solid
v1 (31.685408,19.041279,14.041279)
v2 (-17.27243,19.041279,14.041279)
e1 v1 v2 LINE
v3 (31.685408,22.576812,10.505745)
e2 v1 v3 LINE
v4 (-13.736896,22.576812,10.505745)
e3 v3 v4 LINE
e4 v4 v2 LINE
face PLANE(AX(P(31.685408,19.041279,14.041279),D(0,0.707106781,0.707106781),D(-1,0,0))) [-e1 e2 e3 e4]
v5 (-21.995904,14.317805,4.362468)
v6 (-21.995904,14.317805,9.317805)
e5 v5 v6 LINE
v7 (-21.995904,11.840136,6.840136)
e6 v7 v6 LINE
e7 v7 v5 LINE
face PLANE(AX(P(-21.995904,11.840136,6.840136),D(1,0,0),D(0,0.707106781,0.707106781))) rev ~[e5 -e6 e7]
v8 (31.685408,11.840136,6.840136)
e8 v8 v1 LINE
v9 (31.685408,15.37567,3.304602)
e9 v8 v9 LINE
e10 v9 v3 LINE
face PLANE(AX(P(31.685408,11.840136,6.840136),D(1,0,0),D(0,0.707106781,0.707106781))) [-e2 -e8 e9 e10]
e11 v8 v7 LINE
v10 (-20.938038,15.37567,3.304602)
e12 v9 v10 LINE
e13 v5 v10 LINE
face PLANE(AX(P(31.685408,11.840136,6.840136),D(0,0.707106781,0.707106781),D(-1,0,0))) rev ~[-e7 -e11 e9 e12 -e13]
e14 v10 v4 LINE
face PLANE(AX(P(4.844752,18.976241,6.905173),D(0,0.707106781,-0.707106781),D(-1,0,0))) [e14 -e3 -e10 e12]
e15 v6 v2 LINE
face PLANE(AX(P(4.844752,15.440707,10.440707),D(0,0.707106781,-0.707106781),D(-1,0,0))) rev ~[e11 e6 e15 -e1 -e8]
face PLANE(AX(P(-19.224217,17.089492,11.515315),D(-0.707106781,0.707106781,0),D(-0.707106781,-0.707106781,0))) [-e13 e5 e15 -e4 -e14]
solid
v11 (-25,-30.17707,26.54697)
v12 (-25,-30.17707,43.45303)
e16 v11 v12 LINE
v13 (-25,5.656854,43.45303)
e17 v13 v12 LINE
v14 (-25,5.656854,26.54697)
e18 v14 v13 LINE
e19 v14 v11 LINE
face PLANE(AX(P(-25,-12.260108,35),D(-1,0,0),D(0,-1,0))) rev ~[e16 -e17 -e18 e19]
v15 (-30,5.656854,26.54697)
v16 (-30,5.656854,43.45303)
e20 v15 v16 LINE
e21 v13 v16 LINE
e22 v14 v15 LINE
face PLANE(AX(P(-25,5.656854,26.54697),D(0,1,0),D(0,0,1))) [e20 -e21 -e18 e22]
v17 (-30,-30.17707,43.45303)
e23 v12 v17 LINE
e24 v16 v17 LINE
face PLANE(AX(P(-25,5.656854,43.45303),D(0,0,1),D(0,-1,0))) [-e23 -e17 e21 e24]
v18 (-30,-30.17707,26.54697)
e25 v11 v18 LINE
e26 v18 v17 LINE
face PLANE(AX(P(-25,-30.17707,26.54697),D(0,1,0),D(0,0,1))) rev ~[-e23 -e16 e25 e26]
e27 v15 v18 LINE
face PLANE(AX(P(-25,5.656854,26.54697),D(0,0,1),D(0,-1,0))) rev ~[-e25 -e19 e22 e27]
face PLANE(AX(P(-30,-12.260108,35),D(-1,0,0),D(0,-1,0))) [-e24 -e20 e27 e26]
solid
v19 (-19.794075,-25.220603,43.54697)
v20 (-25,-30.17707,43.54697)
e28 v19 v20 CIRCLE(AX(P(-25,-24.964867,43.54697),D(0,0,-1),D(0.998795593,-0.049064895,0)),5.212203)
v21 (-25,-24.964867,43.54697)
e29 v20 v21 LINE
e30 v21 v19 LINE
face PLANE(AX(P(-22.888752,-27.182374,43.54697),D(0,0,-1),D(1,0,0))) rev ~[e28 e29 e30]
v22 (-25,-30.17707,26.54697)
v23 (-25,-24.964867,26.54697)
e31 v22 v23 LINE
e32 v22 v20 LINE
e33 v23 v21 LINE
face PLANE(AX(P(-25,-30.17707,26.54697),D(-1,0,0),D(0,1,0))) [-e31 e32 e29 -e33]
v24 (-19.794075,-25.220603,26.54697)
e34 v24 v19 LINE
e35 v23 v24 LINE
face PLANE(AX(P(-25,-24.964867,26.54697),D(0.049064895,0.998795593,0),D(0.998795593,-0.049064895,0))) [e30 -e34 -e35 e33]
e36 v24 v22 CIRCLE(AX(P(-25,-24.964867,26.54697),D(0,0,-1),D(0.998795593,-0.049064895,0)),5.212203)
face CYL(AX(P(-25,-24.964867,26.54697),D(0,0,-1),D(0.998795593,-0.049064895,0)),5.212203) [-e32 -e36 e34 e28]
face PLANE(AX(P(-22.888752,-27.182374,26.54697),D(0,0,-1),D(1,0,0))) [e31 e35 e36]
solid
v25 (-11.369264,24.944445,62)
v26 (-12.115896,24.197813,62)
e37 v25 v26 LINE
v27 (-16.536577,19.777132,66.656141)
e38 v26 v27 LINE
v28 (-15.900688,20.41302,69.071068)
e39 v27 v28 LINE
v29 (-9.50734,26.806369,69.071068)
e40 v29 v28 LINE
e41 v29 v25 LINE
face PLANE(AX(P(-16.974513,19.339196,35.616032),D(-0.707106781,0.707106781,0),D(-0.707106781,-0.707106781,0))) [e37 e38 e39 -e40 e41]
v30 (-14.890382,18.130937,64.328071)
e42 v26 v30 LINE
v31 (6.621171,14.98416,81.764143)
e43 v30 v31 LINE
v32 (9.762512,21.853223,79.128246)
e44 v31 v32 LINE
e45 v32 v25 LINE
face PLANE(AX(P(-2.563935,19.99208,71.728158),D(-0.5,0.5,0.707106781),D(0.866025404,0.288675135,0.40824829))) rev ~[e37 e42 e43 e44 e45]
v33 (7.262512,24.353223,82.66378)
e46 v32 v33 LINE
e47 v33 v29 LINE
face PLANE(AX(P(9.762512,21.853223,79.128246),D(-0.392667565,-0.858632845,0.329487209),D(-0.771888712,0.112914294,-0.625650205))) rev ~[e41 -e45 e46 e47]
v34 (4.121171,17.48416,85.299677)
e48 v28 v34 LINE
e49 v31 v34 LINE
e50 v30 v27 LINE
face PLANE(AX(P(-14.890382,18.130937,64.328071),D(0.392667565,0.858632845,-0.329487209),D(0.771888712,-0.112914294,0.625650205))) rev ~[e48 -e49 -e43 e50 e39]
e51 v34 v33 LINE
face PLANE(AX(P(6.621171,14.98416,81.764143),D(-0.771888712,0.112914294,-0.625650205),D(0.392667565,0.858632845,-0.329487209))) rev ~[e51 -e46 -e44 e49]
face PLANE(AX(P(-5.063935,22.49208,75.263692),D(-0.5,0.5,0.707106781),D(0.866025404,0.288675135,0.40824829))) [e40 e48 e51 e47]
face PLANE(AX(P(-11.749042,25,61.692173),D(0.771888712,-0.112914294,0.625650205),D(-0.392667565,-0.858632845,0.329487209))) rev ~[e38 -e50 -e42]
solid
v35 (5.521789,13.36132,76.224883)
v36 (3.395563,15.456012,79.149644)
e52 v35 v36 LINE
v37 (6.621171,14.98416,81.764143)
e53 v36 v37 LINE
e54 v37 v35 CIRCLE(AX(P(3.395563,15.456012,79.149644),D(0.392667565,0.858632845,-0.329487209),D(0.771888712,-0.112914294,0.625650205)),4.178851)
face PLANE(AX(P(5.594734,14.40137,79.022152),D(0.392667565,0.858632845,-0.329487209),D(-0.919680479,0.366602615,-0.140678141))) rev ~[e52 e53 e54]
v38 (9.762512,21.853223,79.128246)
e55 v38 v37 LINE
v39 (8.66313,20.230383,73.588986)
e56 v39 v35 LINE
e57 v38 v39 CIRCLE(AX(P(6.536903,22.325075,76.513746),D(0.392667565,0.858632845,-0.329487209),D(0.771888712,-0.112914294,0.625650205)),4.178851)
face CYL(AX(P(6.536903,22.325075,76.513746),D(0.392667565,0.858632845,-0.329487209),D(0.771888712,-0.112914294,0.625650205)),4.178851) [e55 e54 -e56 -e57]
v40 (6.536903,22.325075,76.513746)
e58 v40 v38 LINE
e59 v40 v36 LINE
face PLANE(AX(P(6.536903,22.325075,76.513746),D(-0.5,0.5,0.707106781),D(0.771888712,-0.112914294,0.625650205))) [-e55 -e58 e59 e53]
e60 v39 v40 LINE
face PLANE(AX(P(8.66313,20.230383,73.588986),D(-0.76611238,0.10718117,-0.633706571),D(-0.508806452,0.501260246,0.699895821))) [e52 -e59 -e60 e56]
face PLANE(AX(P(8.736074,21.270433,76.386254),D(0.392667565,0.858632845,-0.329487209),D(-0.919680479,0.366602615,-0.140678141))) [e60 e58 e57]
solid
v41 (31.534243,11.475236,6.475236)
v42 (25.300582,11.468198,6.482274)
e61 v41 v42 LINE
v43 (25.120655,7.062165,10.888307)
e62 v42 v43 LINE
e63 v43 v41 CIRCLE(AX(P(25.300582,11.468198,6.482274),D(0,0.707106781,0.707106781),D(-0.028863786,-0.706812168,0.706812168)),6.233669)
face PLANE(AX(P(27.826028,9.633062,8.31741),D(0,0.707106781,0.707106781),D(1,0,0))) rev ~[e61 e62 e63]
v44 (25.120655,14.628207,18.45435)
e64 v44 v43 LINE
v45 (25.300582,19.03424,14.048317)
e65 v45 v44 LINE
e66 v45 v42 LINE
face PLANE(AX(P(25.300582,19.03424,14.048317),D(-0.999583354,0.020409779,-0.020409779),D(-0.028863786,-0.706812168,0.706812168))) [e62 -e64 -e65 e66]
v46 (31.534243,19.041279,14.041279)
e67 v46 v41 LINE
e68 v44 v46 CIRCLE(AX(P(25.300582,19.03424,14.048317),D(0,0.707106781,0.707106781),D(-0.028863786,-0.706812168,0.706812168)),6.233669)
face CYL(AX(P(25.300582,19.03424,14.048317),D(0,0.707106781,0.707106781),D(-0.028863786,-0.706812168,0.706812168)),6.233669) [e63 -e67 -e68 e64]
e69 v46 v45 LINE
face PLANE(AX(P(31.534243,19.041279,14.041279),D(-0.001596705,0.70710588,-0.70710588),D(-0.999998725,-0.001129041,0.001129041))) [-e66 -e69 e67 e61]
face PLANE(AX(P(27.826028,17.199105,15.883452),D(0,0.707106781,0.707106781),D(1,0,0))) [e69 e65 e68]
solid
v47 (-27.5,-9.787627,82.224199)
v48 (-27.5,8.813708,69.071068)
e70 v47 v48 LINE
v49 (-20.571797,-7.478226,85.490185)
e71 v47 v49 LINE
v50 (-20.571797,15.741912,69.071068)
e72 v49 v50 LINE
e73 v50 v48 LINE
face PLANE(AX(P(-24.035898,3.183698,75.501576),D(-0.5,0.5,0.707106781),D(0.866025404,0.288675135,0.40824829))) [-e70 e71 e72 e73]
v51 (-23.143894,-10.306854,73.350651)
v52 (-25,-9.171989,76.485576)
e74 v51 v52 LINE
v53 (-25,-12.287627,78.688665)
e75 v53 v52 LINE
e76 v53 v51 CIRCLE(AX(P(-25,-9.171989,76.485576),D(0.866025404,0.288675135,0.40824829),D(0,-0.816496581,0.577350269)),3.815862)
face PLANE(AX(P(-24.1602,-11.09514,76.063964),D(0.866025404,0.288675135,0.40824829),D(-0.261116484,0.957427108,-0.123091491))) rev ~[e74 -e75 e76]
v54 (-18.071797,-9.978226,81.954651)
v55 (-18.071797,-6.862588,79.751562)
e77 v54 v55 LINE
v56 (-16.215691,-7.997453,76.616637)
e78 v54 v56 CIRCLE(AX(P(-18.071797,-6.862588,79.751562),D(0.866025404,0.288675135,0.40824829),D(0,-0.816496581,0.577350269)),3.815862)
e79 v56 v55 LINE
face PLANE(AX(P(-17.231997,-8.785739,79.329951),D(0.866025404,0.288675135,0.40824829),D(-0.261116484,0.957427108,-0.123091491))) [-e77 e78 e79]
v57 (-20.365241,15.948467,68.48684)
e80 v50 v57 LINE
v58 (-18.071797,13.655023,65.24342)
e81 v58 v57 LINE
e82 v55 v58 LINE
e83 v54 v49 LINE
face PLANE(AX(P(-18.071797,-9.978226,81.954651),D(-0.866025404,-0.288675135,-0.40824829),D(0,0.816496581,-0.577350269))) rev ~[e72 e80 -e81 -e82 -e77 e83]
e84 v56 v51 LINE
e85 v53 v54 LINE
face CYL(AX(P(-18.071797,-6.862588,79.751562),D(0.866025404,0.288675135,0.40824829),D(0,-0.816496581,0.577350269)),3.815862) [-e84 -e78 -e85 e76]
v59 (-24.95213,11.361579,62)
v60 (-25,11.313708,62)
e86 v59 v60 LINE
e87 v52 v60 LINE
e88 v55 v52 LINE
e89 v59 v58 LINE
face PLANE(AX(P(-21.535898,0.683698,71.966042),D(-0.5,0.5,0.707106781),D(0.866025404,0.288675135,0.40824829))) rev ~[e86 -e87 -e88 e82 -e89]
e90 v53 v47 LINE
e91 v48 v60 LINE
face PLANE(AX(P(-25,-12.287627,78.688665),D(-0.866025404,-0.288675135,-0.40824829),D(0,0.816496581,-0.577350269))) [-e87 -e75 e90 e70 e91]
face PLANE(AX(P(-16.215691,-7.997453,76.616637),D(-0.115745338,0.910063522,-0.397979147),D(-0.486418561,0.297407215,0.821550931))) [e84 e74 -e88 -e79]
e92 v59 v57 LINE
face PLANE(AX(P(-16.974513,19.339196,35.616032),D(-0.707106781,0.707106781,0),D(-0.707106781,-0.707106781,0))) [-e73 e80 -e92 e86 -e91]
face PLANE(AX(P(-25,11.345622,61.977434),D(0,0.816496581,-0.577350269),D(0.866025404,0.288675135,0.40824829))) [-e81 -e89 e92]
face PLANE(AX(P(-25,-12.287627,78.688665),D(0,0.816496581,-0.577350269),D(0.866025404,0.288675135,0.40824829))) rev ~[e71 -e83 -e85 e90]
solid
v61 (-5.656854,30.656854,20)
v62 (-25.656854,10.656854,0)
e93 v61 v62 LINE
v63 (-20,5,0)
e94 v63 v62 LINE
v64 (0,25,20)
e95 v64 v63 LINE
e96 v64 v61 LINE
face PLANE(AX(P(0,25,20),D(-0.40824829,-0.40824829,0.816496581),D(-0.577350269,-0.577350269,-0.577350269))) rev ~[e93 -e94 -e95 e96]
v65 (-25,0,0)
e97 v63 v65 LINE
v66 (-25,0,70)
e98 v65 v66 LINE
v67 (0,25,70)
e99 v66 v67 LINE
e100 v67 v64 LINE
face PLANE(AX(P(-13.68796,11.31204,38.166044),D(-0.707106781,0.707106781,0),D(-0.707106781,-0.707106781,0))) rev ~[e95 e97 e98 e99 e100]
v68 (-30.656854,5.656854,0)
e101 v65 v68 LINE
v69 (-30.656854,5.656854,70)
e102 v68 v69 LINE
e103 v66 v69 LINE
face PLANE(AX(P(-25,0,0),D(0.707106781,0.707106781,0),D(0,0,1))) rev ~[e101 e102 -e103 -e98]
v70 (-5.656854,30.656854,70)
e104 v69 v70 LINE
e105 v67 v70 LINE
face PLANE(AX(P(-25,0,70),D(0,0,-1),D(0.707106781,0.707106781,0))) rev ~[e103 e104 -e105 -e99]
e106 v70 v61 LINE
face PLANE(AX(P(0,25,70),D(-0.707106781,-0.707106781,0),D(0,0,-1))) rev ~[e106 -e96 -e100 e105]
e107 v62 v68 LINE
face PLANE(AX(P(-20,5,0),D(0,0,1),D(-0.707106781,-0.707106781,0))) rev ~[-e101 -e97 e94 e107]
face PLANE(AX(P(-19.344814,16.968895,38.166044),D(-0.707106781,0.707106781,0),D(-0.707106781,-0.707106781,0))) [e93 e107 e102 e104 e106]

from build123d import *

# Parameters (mm, degrees)
F0_W      = 50
F0_H      = 50
F1_DEPTH  = 80
F2_SIZE2  = 23.8350718519
F2_SIZE   = 20
F3_SIZE   = 25
F4_SIZE   = 10
F5_SIZE   = 20
F9_DEPTH  = 8
F13_W     = 35.8339243103
F13_H     = 16.9060602784
F14_DEPTH = 5
F17_W     = 53.6813121289
F17_H     = 10.183953287
F18_DEPTH = 5
F20_DEPTH = 17
F22_DEPTH = 17.6786695297
F24_DEPTH = 10.7
F25_W     = 8
F25_H     = 28.9447009563
F26_DEPTH = 5
F28_DEPTH = 8
F30_DEPTH = 8
F32_W     = 53.8588166237
F32_H     = 78.8521182258
F33_DEPTH = 25


with BuildPart() as f1:
    # F0 (on Top) → F1 (new body)
    with BuildSketch(Plane.XY):
        Rectangle(F0_W, F0_H)
    extrude(amount=F1_DEPTH)

    # F2
    f2_edges = [f1.edges().sort_by_distance(p)[0] for p in [
        (25, -25, 40),
        (25, 0, 80),
        (0, -25, 80),
    ]]
    chamfer(f2_edges, length=F2_SIZE, length2=F2_SIZE2)

    # F3
    f3_edges = [f1.edges().sort_by_distance(p)[0] for p in [
        (-25, 25, 40),
    ]]
    chamfer(f3_edges, length=F3_SIZE)

    # F4
    f4_edges = [f1.edges().sort_by_distance(p)[0] for p in [
        (-12.5, 12.5, 80),
    ]]
    chamfer(f4_edges, length=F4_SIZE)

    # F5
    f5_edges = [f1.edges().sort_by_distance(p)[0] for p in [
        (12.5, 25, 0),
        (-10, -25, 0),
    ]]
    chamfer(f5_edges, length=F5_SIZE)


with BuildPart() as f9:
    # F8 (on offset) → F9 (new body)
    with BuildSketch(Plane(origin=(-12.5, 12.5, 0), x_dir=(-0.7071067812, -0.7071067812, 0), z_dir=(-0.7071067812, 0.7071067812, 0))):
        Polygon((17.6776695297, 0), (17.6776695297, 70), (-17.6776695297, 70), (-17.6776695297, 20), (10.6066017178, 0), align=None)
    extrude(amount=F9_DEPTH)


with BuildPart() as f14:
    # F13 (on offset) → F14 (new body)
    with BuildSketch(Plane(origin=(-25, 0, 0), x_dir=(0, -1, 0), z_dir=(-1, 0, 0))):
        with Locations((12.2601079056, 35)):
            Rectangle(F13_W, F13_H)
    extrude(amount=F14_DEPTH)


with BuildPart() as f18:
    # F17 (on face) → F18 (new body)
    with BuildSketch(Plane(origin=(0, 2.5, -2.5), x_dir=(-1, 0, 0), z_dir=(0, 0.7071067812, -0.7071067812))):
        with Locations((-4.8447521403, 18.300923788)):
            Rectangle(F17_W, F17_H)
    extrude(amount=F18_DEPTH)

    # F21 (on face) → F22 (cut, through all)
    with BuildSketch(Plane(origin=(-18.1568542495, 18.1568542495, 0), x_dir=(-0.7071067812, -0.7071067812, 0), z_dir=(-0.7071067812, 0.7071067812, 0))):
        Polygon((-6.8858577405, 12.3690367026), (6.4172865124, 2.9622931903), (4.3216864578, 20), align=None)
    extrude(amount=F22_DEPTH, mode=Mode.SUBTRACT)


with BuildPart() as f20:
    # F19 (on face) → F20 (new body)
    with BuildSketch(Plane(origin=(0, 0, 26.5469698608), x_dir=(1, 0, 0), z_dir=(0, 0, -1))):
        with BuildLine():
            Line((-25, 24.9648671597), (-19.794074714, 25.2206033486))
            ThreePointArc((-19.794074714, 25.2206033486), (-21.4059695204, 28.7397849064), (-25, 30.1770700608))
            Line((-25, 30.1770700608), (-25, 24.9648671597))
        make_face()
    extrude(amount=-F20_DEPTH)


with BuildPart() as f24:
    # F23 (on face) → F24 (new body)
    with BuildSketch(Plane(origin=(0, 16.5412785267, 16.5412785267), x_dir=(1, 0, 0), z_dir=(0, 0.7071067812, 0.7071067812))):
        with BuildLine():
            Line((25.3005823628, 3.5255805781), (25.1206550747, -2.7054911479))
            ThreePointArc((25.1206550747, -2.7054911479), (29.6479403457, -0.9419810894), (31.5342433751, 3.5355339059))
            Line((31.5342433751, 3.5355339059), (25.3005823628, 3.5255805781))
        make_face()
    extrude(amount=-F24_DEPTH)


with BuildPart() as f26:
    # F25 (on face) → F26 (new body)
    with BuildSketch(Plane(origin=(-30.9987373415, 30.9987373415, 43.8388347648), x_dir=(0.8660254038, 0.2886751346, 0.4082482905), z_dir=(-0.5, 0.5, 0.7071067812))):
        with Locations((10.9267452379, -40.9913770854)):
            Rectangle(F25_W, F25_H)
    extrude(amount=F26_DEPTH)

    # F29 (on face) → F30 (join)
    with BuildSketch(Plane(origin=(12.9269405718, 4.3089801906, 6.0938182255), x_dir=(-0.2611164839, 0.9574271078, -0.123091491), z_dir=(0.8660254038, 0.2886751346, 0.4082482905))):
        with BuildLine():
            Line((-11.6683227199, 79.8438422851), (-14.9225005893, 81.8366111132))
            ThreePointArc((-14.9225005893, 81.8366111132), (-15.2492461331, 78.5255901405), (-12.8536503762, 76.2167498469))
            Line((-12.8536503762, 76.2167498469), (-11.6683227199, 79.8438422851))
        make_face()
    extrude(amount=-F30_DEPTH)


with BuildPart() as f26b:
    # F25 (on face) → F26, piece 2 (new body)
    with BuildSketch(Plane(origin=(-30.9987373415, 30.9987373415, 43.8388347648), x_dir=(0.8660254038, 0.2886751346, 0.4082482905), z_dir=(-0.5, 0.5, 0.7071067812))):
        Polygon((22.2276340141, -15.2055781644), (18.600326423, -22.3359806523), (43.4397284504, -34.972034744), (47.0670360415, -27.8416322561), align=None)
    extrude(amount=F26_DEPTH)


with BuildPart() as f28:
    # F27 (on face) → F28 (new body)
    with BuildSketch(Plane(origin=(-1.3642953196, -2.9832582966, 1.1447796995), x_dir=(-0.9196804789, 0.366602615, -0.1406781411), z_dir=(0.3926675652, 0.8586328449, -0.3294872091))):
        with BuildLine():
            Line((-8.5912431992, 79.4330683637), (-12.0985571904, 81.7049722909))
            ThreePointArc((-12.0985571904, 81.7049722909), (-12.6827022712, 78.5829145248), (-10.9031619504, 75.952000916))
            Line((-10.9031619504, 75.952000916), (-8.5912431992, 79.4330683637))
        make_face()
    extrude(amount=-F28_DEPTH)


with BuildPart() as f33_tool:
    # F32 (on face) → F33 (new body)
    with BuildSketch(Plane(origin=(-18.1568542495, 18.1568542495, 0), x_dir=(-0.7071067812, -0.7071067812, 0), z_dir=(-0.7071067812, 0.7071067812, 0))):
        with Locations((-1.6720835119, 35.6160321971)):
            Rectangle(F32_W, F32_H)
    extrude(amount=F33_DEPTH)


with BuildPart() as f18_1:
    add(f18.part)

    # F33: cut by f33_tool
    add(f33_tool.part, mode=Mode.SUBTRACT)


with BuildPart() as f26_1:
    add(f26.part)

    # F33: cut by f33_tool
    add(f33_tool.part, mode=Mode.SUBTRACT)


with BuildPart() as f26b_1:
    add(f26b.part)

    # F33: cut by f33_tool
    add(f33_tool.part, mode=Mode.SUBTRACT)


solid = Compound([f9.part, f14.part, f20.part, f24.part, f28.part, f18_1.part, f26_1.part, f26b_1.part])
